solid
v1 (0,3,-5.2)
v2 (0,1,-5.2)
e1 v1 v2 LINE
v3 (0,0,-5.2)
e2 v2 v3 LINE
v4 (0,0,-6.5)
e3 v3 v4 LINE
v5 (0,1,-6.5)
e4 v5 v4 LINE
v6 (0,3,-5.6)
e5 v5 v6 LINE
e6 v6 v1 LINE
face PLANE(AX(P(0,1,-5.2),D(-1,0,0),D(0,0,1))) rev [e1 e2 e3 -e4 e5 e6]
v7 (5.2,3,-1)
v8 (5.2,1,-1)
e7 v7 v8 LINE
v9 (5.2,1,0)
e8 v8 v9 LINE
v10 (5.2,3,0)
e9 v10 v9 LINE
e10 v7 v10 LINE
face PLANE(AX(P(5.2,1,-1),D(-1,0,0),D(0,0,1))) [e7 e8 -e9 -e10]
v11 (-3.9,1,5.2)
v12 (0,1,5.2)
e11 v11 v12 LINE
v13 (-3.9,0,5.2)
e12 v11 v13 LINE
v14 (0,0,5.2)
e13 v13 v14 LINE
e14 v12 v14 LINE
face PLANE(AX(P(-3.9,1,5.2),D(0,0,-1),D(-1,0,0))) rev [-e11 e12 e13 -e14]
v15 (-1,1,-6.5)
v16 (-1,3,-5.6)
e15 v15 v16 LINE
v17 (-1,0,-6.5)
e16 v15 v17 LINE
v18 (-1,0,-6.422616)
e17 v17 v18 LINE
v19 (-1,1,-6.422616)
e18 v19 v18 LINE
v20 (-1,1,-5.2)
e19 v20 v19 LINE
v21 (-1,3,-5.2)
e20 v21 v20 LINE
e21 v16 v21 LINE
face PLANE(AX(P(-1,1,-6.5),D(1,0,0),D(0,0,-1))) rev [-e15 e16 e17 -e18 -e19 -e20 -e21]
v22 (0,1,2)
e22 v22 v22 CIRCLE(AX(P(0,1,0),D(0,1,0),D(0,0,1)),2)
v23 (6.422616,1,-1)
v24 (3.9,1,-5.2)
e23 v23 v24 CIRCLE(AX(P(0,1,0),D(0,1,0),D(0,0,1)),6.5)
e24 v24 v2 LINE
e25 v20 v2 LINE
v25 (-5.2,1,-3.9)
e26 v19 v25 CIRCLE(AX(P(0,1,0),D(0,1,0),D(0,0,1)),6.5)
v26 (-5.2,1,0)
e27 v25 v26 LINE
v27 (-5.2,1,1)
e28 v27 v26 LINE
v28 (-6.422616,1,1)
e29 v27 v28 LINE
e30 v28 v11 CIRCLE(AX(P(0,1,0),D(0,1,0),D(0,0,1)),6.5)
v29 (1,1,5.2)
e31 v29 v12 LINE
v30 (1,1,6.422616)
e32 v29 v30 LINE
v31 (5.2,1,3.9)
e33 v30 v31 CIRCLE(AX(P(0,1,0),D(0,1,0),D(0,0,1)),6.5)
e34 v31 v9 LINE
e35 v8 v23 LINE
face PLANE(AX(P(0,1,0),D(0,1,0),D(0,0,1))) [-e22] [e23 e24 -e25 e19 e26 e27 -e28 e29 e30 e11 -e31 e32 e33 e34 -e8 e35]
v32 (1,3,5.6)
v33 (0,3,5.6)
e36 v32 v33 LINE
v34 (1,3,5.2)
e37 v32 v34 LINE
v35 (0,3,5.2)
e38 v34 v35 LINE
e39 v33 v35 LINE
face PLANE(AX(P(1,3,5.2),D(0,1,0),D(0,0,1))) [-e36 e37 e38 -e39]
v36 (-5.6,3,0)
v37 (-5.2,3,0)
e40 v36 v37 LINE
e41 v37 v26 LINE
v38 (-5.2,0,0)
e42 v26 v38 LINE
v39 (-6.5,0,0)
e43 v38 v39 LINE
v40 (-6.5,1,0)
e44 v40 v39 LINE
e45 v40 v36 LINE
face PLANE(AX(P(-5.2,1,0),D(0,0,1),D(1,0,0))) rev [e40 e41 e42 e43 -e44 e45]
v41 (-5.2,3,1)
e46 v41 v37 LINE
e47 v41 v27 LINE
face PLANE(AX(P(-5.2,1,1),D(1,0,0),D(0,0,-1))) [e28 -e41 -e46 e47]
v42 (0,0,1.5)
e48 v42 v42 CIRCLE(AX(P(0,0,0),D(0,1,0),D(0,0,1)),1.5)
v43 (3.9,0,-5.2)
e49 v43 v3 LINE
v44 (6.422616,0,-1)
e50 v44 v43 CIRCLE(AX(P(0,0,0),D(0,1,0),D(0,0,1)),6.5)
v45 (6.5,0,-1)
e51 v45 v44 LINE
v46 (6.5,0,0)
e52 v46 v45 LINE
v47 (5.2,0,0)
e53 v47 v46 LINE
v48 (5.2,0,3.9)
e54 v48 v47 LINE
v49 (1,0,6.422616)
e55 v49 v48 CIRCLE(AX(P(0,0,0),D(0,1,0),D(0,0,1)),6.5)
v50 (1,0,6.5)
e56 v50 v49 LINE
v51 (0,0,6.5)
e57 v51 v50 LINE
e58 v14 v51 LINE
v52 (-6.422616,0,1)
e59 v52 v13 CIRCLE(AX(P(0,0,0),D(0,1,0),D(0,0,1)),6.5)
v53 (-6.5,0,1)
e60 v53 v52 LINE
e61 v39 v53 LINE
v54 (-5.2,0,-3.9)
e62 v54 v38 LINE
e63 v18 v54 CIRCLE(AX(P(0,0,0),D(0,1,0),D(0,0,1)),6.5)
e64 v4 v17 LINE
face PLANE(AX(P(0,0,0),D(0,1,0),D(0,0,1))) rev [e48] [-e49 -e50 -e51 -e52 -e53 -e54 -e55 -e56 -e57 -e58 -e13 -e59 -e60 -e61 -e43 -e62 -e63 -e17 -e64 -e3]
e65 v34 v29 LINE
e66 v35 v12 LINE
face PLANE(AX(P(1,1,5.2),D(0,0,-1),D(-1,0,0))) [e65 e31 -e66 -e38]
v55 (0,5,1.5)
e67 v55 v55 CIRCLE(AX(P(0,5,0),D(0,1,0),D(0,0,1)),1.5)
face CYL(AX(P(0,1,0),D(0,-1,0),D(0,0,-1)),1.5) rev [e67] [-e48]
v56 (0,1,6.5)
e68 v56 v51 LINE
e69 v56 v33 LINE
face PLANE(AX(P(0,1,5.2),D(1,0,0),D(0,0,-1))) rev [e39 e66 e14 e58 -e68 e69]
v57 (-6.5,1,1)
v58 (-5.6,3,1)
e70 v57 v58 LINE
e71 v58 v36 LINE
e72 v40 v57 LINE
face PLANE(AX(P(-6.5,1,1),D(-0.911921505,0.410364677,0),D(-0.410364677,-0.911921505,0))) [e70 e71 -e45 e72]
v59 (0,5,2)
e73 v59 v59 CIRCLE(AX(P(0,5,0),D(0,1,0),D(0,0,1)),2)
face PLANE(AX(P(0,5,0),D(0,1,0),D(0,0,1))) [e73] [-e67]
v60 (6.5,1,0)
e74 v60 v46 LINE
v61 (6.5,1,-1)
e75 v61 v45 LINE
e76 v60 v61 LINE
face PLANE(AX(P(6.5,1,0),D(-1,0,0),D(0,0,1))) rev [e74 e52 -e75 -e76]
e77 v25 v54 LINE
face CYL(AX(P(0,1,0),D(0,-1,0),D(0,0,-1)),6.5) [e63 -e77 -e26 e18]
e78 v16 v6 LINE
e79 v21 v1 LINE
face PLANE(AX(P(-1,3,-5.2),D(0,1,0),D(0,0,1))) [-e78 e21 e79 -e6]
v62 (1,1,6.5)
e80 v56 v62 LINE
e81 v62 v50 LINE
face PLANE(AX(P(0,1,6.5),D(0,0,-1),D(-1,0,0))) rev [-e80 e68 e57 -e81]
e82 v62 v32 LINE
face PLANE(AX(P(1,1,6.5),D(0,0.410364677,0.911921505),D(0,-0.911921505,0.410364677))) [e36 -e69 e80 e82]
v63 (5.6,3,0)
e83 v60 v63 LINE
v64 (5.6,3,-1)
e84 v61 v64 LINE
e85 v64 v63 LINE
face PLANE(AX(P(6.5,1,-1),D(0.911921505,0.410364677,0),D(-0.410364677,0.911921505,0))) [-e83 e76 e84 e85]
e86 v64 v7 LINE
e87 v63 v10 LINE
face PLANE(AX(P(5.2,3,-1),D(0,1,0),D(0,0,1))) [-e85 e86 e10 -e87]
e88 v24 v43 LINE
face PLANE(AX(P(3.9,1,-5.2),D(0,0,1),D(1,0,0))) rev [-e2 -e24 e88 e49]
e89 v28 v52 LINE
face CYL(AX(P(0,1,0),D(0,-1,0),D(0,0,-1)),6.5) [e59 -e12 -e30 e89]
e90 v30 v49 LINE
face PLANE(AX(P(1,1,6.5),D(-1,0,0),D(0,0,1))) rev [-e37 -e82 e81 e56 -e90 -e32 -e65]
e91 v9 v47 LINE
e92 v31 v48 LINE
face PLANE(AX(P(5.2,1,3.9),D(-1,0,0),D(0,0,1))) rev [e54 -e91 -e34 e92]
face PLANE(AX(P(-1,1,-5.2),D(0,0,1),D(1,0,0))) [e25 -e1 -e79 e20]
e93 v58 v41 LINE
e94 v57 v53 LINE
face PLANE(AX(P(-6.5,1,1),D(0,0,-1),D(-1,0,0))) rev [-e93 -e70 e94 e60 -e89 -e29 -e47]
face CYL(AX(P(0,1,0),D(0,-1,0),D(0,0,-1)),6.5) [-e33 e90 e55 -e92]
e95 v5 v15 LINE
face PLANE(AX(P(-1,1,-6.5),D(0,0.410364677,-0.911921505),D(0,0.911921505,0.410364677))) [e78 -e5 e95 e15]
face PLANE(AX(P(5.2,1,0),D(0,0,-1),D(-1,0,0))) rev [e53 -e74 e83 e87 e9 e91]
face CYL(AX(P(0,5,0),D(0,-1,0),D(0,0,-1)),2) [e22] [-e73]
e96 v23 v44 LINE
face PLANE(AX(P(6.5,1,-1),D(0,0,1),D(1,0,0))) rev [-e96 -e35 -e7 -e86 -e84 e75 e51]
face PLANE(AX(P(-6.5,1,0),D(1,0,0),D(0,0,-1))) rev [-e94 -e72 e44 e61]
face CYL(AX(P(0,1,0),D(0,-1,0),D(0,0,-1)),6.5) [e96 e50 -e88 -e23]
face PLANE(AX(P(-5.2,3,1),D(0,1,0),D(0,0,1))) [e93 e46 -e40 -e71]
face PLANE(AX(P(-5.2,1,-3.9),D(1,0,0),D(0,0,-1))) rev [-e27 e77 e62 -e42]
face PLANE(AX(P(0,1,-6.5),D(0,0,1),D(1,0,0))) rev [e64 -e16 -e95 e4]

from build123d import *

# Parameters (mm, degrees)
SKETCH1_R           = 1.5
BOSS_EXTRUDE1_DEPTH = 1
BOSS_EXTRUDE2_DEPTH = 1
CIRPATTERN1_COUNT   = 4
SKETCH4_R           = 2
SKETCH4_R_2         = 1.5
BOSS_EXTRUDE3_DEPTH = 4


with BuildPart() as part:
    # Sketch1 → Boss-Extrude1 (new body)
    with BuildSketch(Plane(origin=(0, 0, 0), x_dir=(1, 0, 0), z_dir=(0, 1, 0))):
        with BuildLine():
            Line((-5.2, 3.9), (-5.2, 0))
            Line((-5.2, 0), (-6.5, 0))
            Line((-6.5, 0), (-6.5, -1))
            Line((-6.5, -1), (-6.422616289, -1))
            ThreePointArc((-6.422616289, -1), (-5.572172087, -3.346774303), (-3.9, -5.2))
            Line((-3.9, -5.2), (0, -5.2))
            Line((0, -5.2), (0, -6.5))
            Line((0, -6.5), (1, -6.5))
            Line((1, -6.5), (1, -6.422616289))
            ThreePointArc((1, -6.422616289), (3.346774303, -5.572172087), (5.2, -3.9))
            Line((5.2, -3.9), (5.2, 0))
            Line((5.2, 0), (6.5, 0))
            Line((6.5, 0), (6.5, 1))
            Line((6.5, 1), (6.422616289, 1))
            ThreePointArc((6.422616289, 1), (5.572172087, 3.346774303), (3.9, 5.2))
            Line((3.9, 5.2), (0, 5.2))
            Line((0, 5.2), (0, 6.5))
            Line((0, 6.5), (-1, 6.5))
            Line((-1, 6.5), (-1, 6.422616289))
            ThreePointArc((-1, 6.422616289), (-3.346774303, 5.572172087), (-5.2, 3.9))
        make_face()
        with Locations(Location((0, 0, 0), (0, 0, 270))):
            Circle(SKETCH1_R, mode=Mode.SUBTRACT)
    extrude(amount=BOSS_EXTRUDE1_DEPTH)

    # Sketch3 → Boss-Extrude2 (add)
    with BuildSketch(Plane.ZY):
        Polygon((5.2, 1), (5.2, 3), (5.6, 3), (6.5, 1), align=None)
    boss_extrude2 = extrude(amount=-BOSS_EXTRUDE2_DEPTH)

    # CirPattern1: Boss-Extrude2 ×4 about axis
    cirpattern1_axis = Axis((0, 0, 0), (0, 1, 0))
    for i in range(1, CIRPATTERN1_COUNT):
        add(boss_extrude2.rotate(cirpattern1_axis, i * 360 / CIRPATTERN1_COUNT))

    # Sketch4 → Boss-Extrude3 (add)
    with BuildSketch(Plane(origin=(0, 1, 0), x_dir=(1, 0, 0), z_dir=(0, 1, 0))):
        with Locations(Location((0, 0, 0), (0, 0, 270))):
            Circle(SKETCH4_R)
        with Locations(Location((0, 0, 0), (0, 0, 270))):
            Circle(SKETCH4_R_2, mode=Mode.SUBTRACT)
    extrude(amount=BOSS_EXTRUDE3_DEPTH)


solid = part.part
